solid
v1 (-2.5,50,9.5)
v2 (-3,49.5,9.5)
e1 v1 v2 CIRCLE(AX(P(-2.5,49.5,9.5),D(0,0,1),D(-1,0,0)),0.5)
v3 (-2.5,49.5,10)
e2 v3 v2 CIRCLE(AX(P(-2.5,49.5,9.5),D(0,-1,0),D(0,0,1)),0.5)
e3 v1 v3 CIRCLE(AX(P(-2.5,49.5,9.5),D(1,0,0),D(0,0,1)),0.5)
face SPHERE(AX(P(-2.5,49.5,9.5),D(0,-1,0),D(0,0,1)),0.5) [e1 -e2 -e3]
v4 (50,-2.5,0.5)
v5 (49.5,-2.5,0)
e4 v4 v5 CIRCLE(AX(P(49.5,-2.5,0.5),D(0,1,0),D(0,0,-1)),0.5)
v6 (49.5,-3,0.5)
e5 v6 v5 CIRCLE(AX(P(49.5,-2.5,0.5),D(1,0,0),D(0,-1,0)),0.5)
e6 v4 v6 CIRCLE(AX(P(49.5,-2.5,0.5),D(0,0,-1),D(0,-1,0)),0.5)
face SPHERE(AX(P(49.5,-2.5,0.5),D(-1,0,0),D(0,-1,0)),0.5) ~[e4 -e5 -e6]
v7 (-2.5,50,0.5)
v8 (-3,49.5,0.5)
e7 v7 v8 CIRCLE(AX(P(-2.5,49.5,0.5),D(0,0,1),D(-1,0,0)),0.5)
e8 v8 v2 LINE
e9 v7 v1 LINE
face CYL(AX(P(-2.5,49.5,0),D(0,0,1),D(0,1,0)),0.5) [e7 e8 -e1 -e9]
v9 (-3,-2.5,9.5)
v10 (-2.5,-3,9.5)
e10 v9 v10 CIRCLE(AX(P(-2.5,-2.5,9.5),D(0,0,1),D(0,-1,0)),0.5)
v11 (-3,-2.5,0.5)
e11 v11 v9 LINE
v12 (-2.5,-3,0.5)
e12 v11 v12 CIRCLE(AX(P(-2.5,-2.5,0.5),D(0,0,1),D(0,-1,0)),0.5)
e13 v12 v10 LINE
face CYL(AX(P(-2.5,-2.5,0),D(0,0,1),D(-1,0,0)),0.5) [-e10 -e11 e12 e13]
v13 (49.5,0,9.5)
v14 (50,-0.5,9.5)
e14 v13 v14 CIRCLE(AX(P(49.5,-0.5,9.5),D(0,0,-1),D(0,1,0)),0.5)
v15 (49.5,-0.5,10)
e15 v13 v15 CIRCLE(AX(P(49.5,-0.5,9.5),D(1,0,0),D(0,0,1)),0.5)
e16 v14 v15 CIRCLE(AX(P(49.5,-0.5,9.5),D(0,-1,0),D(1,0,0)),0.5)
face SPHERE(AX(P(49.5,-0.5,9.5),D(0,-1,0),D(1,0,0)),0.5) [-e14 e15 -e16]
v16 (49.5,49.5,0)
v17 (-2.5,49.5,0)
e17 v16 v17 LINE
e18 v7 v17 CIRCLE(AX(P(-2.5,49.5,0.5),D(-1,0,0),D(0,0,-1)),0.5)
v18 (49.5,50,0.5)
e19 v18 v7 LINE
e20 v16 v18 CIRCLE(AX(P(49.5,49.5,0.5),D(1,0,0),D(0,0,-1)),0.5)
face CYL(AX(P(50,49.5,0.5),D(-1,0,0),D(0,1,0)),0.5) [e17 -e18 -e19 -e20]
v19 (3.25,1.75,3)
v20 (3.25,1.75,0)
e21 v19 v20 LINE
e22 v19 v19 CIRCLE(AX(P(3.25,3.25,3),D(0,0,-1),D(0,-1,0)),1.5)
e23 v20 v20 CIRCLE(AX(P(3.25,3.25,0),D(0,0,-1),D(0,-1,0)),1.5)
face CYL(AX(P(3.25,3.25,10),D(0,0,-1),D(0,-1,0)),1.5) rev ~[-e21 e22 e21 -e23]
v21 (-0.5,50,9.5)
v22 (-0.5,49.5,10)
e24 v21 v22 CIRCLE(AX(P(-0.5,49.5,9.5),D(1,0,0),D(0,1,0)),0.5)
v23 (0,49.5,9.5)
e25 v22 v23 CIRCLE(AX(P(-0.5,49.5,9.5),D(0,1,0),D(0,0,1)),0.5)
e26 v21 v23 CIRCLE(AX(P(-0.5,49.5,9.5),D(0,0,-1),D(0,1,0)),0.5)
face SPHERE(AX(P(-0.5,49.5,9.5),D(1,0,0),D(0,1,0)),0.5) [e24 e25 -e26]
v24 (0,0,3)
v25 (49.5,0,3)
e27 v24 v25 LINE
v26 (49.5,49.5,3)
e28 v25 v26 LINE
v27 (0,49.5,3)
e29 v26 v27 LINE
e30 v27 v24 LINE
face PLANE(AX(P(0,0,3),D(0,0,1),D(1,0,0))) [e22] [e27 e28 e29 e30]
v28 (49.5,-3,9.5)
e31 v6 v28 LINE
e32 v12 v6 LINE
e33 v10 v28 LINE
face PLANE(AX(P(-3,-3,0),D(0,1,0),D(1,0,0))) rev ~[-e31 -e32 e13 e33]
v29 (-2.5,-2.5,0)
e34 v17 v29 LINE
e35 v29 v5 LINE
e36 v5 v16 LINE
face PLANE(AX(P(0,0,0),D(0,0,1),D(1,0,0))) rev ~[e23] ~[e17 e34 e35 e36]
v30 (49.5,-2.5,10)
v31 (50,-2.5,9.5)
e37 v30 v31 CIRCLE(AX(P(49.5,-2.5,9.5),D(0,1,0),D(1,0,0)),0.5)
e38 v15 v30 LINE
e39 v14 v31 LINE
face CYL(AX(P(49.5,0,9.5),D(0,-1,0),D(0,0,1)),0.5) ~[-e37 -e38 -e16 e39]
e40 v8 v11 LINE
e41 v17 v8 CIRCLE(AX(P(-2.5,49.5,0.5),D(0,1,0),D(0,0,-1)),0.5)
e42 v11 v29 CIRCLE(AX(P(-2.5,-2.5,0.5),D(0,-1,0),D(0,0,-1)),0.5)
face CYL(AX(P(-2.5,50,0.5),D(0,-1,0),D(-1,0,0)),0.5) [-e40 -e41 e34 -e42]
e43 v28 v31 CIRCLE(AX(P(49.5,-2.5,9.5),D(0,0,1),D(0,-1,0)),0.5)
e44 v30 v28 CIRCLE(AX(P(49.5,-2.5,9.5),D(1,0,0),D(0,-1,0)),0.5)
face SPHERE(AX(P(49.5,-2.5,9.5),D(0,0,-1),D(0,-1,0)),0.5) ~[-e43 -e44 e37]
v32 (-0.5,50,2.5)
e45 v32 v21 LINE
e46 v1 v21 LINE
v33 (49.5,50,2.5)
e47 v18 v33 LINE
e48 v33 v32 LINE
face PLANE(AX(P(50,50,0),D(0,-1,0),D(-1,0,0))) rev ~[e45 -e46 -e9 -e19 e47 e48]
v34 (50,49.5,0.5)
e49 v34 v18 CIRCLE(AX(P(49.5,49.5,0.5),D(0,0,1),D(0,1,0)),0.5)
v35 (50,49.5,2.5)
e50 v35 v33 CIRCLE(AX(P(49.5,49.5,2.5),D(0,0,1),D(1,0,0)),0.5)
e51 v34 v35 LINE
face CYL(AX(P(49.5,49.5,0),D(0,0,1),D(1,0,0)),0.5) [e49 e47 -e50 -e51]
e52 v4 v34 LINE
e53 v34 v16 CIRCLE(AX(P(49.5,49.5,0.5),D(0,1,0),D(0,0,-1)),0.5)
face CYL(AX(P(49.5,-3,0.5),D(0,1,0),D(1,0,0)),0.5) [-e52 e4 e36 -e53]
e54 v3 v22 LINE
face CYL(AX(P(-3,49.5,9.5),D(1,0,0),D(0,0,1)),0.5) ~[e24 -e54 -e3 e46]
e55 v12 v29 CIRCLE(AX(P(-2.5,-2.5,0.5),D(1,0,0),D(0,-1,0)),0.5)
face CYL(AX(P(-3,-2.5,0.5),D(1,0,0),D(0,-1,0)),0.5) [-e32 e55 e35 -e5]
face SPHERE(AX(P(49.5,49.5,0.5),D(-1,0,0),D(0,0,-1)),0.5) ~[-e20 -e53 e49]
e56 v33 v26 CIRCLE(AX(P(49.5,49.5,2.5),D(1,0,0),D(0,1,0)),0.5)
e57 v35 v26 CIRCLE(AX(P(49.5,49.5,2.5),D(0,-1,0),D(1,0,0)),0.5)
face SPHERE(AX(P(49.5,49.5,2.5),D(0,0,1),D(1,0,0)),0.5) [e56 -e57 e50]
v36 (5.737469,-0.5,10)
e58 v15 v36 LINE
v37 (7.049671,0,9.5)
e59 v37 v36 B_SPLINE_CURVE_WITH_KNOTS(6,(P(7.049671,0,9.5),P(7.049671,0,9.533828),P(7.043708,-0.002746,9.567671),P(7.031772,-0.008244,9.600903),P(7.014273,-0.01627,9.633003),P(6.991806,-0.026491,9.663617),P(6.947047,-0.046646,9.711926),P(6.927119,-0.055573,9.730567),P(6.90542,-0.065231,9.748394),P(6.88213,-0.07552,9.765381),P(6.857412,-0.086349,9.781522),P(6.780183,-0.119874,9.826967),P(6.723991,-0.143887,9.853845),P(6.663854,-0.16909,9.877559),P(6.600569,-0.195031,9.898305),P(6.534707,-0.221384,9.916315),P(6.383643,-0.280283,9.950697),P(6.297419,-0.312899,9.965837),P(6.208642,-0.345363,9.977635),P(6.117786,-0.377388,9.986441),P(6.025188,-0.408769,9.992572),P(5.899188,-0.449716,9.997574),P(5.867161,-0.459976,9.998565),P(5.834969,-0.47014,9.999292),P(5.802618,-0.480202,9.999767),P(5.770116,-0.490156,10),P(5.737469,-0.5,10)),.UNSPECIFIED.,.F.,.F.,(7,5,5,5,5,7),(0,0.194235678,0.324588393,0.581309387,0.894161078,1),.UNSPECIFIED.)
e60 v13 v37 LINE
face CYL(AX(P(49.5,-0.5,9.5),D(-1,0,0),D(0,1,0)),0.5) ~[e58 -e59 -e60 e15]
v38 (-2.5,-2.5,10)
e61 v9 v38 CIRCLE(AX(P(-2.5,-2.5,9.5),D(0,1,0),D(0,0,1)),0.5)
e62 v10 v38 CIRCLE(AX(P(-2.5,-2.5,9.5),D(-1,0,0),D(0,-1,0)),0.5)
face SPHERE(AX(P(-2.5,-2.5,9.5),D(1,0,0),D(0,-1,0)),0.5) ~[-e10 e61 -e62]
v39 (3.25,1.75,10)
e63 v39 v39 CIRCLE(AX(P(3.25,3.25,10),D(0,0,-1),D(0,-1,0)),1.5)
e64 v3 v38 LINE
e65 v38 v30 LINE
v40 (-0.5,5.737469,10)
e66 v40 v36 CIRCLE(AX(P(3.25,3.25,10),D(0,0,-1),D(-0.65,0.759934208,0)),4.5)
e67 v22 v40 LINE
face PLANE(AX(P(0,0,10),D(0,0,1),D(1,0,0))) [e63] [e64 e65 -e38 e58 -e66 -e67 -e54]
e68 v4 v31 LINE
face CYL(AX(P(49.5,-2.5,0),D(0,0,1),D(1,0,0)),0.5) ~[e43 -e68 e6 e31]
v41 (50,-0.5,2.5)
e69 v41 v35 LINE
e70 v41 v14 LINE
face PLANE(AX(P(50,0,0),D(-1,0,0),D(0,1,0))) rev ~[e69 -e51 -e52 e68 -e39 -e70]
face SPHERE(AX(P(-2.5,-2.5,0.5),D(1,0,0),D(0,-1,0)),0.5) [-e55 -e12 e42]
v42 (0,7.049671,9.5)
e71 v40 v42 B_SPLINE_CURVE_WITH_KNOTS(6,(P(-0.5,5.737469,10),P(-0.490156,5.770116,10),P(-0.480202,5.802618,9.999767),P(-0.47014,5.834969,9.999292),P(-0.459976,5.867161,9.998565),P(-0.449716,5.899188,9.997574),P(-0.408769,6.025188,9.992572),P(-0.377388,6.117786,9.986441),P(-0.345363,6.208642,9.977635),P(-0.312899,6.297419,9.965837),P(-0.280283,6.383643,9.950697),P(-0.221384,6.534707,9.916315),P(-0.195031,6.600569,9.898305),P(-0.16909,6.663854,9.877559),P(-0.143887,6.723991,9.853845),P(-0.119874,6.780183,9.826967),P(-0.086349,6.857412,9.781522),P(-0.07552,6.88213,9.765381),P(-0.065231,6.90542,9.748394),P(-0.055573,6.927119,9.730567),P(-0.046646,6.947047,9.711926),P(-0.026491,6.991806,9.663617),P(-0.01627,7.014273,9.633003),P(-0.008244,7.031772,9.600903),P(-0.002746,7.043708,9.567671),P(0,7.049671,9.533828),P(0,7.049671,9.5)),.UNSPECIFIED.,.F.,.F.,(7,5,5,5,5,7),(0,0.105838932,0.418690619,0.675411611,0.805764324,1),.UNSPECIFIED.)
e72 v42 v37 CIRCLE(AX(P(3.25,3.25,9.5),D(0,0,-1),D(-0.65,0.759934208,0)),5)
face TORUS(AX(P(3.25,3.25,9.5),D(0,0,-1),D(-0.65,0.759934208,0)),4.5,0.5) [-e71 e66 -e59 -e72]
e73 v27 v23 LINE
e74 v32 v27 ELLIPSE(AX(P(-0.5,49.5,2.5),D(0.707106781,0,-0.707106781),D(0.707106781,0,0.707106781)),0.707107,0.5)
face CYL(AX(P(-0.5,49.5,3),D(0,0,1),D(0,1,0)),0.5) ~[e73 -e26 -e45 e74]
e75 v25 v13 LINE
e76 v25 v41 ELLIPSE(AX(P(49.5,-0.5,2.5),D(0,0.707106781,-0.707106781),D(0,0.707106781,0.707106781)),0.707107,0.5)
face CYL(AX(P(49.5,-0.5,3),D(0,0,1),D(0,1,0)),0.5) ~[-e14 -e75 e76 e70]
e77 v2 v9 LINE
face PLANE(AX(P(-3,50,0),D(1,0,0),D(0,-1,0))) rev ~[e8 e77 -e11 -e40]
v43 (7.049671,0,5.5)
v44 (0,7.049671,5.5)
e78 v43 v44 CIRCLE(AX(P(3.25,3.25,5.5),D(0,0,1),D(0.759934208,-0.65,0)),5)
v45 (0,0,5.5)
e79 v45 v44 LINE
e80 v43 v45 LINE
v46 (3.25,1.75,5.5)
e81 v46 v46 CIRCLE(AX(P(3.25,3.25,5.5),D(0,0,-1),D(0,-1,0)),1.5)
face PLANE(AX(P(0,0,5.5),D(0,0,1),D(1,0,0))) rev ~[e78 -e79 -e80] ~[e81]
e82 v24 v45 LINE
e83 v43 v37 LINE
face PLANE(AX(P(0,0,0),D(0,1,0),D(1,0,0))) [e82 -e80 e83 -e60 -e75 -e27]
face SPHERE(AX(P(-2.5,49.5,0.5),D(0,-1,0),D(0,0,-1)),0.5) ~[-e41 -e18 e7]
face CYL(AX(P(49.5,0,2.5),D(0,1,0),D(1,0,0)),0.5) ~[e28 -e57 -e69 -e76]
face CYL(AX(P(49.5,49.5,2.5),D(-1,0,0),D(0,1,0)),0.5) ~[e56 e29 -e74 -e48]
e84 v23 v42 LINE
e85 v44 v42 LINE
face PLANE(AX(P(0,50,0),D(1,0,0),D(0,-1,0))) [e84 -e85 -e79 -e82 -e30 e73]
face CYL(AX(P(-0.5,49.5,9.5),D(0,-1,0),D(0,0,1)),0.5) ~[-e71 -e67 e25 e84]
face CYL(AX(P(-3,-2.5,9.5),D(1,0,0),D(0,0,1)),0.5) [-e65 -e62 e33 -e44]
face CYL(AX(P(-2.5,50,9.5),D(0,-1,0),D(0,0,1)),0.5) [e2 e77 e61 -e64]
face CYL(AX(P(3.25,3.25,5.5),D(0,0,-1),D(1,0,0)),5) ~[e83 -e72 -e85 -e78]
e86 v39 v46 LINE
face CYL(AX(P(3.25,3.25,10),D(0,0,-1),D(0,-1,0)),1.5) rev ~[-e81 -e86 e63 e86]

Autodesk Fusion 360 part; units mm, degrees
sketch "Sketch1" plane through (0, 0, 0) normal (0, 0, 1) x (1, 0, 0)
  line L0 (0, 0) -> (50, 0)
  line L1 (50, 0) -> (50, 50)
  line L2 (50, 50) -> (0, 50)
  line L3 (0, 50) -> (0, 0)
  dimension "d1" = 50
  dimension "d2" = 50
extrude "Extrude1" add sketch "Sketch1" along normal blind 3
sketch "Sketch2" plane through (0, 0, 0) normal (0, 0, 1) x (1, 0, 0)
  line L0 (50, 50) -> (0, 50)
  line L1 (50, 0) -> (50, 50)
  line L2 (0, 0) -> (50, 0)
  line L3 (0, 50) -> (0, 0)
  line L4 (-3, 50) -> (-3, -3)
  line L5 (-3, -3) -> (50, -3)
  line L6 (-3, 50) -> (0, 50)
  line L7 (50, 0) -> (50, -3)
  dimension "d8" = 3
extrude "Extrude2" add sketch "Sketch2" along normal blind 10 contours L2 L3 L4 L5 L6 L7
ref_plane "WorkPlane1" through (25, 25, 5.5) normal (0, 0, 1) x (1, 0, 0)
sketch "Sketch4" plane through (0, 0, 5.5) normal (0, 0, 1) x (1, 0, 0)
  circle A0 centre (3.25, 3.25) radius 5
  line L0 (0, 0) -> (0, 50)
  line L1 (50, 0) -> (0, 0)
  dimension "d15" = 3.25
  dimension "d16" = 3.25
  dimension "d25" = 10
extrude "Extrude3" add sketch "Sketch4" along normal blind 4.5 contours A0 L0 L1 picked at (4.5229, 4.5125)
sketch "Sketch5" plane through (0, 0, 10) normal (0, 0, 1) x (-1, 0, 0)
  line L0 (3, -50) -> (3, 3)
  line L1 (3, 3) -> (-50, 3)
  line L2 (-50, 3) -> (-50, 0)
  line L3 (-50, 0) -> (-7.0497, 0)
  arc A0 (-7.0497, 0) -> (0, -7.0497) centre (-3.25, -3.25) ccw
  line L4 (0, -7.0497) -> (0, -50)
  line L5 (0, -50) -> (3, -50)
hole "Hole2" at (3.25, 3.25, 10) direction (0, 0, -1) diameter 3 end up to surface (10 mm away)
fillet "Fillet1" radius 0.5 12 edges at (23.5, -3, 0) (50, -3, 5) (23.5, -3, 10) (-3, -3, 5) (-3, 23.5, 0) (-3, 23.5, 10) (23.5, 50, 0) (50, 23.5, 0) (-1.5, 50, 10) (-3, 50, 5) (50, -1.5, 10) (50, 50, 1.5)
fillet "Fillet2" radius 0.5 10 edges at (50, 0, 6.25) (49.8536, 0, 9.8536) (28.2748, 0, 10) (0, 28.2748, 10) (0, 49.8536, 9.8536) (0, 50, 6.25) (50, 24.75, 3) (49.8536, 49.8536, 3) (24.75, 50, 3) (6.7855, 6.7855, 10)
equation "d16 = d15"
equation "d17 = 7 mm - 2.5 mm"
